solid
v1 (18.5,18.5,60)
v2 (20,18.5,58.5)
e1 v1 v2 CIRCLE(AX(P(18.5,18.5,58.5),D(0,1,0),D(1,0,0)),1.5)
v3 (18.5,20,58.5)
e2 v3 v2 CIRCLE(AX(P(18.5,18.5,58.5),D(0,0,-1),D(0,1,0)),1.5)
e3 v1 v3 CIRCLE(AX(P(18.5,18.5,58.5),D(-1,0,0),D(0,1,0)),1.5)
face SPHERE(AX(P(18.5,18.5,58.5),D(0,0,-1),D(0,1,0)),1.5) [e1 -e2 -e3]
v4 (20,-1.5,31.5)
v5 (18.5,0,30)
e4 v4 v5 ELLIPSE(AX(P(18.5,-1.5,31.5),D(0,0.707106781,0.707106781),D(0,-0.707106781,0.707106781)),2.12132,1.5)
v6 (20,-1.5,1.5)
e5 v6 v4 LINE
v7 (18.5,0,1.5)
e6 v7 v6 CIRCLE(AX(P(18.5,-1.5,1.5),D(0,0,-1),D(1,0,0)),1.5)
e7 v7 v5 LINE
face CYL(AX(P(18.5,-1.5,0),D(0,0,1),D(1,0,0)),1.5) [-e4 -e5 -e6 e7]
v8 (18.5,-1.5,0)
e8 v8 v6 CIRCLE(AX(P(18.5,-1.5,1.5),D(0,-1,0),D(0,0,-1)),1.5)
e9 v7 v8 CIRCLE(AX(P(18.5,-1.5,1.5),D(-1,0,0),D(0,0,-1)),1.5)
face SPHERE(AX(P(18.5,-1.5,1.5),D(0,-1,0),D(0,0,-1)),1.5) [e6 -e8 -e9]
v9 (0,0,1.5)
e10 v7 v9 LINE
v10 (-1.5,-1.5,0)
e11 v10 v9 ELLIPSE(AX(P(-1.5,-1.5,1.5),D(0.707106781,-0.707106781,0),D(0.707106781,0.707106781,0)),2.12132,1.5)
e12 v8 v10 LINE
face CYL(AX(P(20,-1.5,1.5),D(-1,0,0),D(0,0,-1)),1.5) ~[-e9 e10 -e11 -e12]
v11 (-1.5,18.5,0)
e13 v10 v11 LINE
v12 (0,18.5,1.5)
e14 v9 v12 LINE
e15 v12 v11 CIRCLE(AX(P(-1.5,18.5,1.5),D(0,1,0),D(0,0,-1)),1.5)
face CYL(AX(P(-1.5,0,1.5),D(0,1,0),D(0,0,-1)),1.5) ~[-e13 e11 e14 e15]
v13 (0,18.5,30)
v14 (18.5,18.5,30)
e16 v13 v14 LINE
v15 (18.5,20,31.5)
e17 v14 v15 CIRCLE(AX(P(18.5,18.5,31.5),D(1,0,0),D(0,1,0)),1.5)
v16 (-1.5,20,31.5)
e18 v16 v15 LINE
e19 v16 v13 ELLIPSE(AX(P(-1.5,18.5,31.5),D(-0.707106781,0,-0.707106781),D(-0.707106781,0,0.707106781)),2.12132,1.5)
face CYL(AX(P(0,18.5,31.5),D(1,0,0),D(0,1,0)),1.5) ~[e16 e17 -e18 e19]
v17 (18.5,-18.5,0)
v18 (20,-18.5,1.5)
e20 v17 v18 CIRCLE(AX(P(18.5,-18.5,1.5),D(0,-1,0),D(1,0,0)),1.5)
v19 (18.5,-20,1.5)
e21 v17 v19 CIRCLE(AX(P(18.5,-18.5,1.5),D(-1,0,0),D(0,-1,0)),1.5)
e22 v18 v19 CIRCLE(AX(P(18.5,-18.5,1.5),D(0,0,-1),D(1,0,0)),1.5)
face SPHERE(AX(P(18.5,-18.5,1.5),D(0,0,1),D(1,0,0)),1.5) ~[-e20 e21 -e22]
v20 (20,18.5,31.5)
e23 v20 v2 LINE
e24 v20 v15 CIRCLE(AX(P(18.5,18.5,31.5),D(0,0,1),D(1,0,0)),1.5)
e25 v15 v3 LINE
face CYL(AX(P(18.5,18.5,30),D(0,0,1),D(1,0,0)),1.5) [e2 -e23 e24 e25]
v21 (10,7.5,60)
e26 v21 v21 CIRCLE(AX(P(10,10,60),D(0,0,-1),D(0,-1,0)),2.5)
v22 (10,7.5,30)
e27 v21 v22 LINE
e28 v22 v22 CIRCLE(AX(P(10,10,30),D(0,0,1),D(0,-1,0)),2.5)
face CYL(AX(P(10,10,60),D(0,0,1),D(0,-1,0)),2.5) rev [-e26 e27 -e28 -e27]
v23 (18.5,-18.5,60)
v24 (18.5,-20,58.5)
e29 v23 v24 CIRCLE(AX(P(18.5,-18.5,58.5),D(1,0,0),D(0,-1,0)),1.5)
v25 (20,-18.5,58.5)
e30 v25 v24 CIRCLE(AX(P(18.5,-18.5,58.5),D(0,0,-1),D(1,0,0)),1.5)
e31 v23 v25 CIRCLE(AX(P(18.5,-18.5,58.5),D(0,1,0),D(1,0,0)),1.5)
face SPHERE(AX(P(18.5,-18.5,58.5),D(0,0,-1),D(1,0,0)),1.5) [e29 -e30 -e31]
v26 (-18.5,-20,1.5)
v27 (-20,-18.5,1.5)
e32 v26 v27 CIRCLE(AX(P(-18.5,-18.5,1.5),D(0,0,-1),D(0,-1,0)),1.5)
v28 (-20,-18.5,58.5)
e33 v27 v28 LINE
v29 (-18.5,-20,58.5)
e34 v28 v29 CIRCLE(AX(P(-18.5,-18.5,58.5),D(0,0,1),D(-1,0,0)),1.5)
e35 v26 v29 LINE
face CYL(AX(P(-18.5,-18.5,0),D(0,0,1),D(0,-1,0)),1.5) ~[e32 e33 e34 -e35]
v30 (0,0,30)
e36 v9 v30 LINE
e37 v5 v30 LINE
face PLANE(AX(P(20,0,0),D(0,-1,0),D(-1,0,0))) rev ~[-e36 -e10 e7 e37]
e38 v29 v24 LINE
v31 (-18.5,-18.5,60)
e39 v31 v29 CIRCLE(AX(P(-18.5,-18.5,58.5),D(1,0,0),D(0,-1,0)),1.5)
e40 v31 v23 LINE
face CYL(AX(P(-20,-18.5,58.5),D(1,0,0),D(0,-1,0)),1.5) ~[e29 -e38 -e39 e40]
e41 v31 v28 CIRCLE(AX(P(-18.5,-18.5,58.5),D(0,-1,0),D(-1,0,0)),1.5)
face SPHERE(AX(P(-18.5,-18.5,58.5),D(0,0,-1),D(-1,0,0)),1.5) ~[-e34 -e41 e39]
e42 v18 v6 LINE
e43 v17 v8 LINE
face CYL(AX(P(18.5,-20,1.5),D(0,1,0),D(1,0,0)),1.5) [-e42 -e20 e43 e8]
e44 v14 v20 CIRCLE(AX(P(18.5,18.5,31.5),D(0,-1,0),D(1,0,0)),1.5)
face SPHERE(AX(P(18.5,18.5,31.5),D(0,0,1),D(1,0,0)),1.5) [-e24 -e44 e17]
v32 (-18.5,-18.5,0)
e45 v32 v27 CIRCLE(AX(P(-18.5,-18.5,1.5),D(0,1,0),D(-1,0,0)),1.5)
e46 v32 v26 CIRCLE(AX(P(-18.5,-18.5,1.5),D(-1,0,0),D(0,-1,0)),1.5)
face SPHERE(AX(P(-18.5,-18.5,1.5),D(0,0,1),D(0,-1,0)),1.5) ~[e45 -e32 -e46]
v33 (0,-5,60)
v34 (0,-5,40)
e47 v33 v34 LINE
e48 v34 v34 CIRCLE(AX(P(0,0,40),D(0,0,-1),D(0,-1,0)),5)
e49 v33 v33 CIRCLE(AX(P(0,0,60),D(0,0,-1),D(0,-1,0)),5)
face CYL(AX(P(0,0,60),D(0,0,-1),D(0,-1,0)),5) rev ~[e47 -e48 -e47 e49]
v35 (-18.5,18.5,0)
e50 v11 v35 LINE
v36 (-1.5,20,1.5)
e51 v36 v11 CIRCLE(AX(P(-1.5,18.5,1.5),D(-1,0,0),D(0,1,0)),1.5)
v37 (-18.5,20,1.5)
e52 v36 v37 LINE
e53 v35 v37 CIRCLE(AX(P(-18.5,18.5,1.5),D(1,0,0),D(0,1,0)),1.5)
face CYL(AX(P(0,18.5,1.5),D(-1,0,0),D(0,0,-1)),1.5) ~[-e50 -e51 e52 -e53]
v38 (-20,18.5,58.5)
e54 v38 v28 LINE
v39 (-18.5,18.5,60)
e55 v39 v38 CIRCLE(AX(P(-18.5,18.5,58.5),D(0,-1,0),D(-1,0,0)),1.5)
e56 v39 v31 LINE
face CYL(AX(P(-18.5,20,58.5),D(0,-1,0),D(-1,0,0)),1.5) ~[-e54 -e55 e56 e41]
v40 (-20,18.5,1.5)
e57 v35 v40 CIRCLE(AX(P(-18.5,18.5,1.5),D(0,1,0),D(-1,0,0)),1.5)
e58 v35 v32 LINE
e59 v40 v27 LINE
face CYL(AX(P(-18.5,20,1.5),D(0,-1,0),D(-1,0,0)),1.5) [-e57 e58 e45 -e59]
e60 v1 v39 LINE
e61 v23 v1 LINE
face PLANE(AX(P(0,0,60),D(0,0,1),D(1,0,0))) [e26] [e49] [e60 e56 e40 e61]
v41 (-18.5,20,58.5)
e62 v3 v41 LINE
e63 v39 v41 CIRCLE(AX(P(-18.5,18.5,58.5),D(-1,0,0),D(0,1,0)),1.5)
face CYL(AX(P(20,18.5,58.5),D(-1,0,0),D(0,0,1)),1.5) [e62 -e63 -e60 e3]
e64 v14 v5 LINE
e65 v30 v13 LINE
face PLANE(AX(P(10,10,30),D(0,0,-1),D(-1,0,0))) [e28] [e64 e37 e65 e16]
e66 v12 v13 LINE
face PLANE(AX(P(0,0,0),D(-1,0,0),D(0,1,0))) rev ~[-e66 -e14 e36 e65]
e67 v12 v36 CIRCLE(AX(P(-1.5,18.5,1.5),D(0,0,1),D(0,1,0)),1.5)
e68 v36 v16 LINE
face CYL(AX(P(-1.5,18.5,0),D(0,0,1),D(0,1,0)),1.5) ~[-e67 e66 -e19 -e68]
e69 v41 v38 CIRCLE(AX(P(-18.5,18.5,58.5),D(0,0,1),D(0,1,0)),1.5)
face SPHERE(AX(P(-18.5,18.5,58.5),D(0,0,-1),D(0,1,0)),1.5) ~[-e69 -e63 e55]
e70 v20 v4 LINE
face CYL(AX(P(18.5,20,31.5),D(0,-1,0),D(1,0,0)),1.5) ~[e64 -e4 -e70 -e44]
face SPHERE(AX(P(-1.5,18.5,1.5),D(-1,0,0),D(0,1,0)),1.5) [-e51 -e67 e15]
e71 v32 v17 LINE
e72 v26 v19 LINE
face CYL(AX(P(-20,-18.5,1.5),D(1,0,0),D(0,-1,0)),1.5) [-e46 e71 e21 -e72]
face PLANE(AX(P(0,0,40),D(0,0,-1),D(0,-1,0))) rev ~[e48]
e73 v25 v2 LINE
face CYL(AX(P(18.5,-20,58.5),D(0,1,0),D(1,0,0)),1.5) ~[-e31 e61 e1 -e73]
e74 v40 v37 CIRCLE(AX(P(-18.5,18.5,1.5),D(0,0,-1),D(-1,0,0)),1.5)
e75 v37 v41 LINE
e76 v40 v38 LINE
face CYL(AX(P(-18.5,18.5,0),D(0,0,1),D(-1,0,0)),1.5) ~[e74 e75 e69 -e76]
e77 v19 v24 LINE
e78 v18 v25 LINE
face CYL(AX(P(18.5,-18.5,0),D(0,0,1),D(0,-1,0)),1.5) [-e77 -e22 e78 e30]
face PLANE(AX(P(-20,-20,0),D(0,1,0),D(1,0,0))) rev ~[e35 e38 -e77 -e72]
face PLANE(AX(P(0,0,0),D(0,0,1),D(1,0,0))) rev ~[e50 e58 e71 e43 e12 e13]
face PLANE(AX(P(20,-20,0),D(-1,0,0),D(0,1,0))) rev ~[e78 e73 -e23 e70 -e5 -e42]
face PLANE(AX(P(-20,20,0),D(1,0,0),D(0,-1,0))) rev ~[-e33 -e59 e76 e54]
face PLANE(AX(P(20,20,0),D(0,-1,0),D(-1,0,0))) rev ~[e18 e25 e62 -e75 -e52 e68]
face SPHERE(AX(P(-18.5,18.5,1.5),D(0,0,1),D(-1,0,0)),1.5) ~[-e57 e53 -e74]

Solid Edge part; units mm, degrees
sketch "Sketch1" plane through (0, 0, 0) normal (0, 0, 1) x (1, 0, 0)
  line L0 (-20, -20) -> (20, -20)
  line L1 (20, -20) -> (20, 20)
  line L2 (20, 20) -> (-20, 20)
  line L3 (-20, 20) -> (-20, -20)
extrude "Protrusion1" add sketch "Sketch1" along normal blind 60
sketch "Sketch2" plane through (0, 0, 0) normal (0, 0, -1) x (0, 1, 0)
  line L0 (20, 20) -> (0, 20)
  line L1 (0, 20) -> (0, 0)
  line L2 (0, 0) -> (20, 0)
  line L3 (20, 0) -> (20, 20)
extrude "ExtrudedCutout_1" cut sketch "Sketch2" against normal blind 30
hole "Hole_3" at (10, 10, 60) direction (0, 0, -1) diameter 5 end up to next
hole "Hole_4" at (0, 0, 60) direction (0, 0, -1) diameter 10 depth 20
fillet "Round_1" radius 1.5 18 edges at (20, 20, 45) (-20, 20, 30) (20, -20, 30) (-20, -20, 30) (20, -10, 0) (0, -20, 0) (-20, 0, 0) (-10, 20, 0) (0, 20, 15) (0, 10, 0) (10, 0, 0) (20, 0, 15) (20, 10, 30) (10, 20, 30) (0, 20, 60) (-20, 0, 60) (20, 0, 60) (0, -20, 60)
properties material "Wood, Oak"
